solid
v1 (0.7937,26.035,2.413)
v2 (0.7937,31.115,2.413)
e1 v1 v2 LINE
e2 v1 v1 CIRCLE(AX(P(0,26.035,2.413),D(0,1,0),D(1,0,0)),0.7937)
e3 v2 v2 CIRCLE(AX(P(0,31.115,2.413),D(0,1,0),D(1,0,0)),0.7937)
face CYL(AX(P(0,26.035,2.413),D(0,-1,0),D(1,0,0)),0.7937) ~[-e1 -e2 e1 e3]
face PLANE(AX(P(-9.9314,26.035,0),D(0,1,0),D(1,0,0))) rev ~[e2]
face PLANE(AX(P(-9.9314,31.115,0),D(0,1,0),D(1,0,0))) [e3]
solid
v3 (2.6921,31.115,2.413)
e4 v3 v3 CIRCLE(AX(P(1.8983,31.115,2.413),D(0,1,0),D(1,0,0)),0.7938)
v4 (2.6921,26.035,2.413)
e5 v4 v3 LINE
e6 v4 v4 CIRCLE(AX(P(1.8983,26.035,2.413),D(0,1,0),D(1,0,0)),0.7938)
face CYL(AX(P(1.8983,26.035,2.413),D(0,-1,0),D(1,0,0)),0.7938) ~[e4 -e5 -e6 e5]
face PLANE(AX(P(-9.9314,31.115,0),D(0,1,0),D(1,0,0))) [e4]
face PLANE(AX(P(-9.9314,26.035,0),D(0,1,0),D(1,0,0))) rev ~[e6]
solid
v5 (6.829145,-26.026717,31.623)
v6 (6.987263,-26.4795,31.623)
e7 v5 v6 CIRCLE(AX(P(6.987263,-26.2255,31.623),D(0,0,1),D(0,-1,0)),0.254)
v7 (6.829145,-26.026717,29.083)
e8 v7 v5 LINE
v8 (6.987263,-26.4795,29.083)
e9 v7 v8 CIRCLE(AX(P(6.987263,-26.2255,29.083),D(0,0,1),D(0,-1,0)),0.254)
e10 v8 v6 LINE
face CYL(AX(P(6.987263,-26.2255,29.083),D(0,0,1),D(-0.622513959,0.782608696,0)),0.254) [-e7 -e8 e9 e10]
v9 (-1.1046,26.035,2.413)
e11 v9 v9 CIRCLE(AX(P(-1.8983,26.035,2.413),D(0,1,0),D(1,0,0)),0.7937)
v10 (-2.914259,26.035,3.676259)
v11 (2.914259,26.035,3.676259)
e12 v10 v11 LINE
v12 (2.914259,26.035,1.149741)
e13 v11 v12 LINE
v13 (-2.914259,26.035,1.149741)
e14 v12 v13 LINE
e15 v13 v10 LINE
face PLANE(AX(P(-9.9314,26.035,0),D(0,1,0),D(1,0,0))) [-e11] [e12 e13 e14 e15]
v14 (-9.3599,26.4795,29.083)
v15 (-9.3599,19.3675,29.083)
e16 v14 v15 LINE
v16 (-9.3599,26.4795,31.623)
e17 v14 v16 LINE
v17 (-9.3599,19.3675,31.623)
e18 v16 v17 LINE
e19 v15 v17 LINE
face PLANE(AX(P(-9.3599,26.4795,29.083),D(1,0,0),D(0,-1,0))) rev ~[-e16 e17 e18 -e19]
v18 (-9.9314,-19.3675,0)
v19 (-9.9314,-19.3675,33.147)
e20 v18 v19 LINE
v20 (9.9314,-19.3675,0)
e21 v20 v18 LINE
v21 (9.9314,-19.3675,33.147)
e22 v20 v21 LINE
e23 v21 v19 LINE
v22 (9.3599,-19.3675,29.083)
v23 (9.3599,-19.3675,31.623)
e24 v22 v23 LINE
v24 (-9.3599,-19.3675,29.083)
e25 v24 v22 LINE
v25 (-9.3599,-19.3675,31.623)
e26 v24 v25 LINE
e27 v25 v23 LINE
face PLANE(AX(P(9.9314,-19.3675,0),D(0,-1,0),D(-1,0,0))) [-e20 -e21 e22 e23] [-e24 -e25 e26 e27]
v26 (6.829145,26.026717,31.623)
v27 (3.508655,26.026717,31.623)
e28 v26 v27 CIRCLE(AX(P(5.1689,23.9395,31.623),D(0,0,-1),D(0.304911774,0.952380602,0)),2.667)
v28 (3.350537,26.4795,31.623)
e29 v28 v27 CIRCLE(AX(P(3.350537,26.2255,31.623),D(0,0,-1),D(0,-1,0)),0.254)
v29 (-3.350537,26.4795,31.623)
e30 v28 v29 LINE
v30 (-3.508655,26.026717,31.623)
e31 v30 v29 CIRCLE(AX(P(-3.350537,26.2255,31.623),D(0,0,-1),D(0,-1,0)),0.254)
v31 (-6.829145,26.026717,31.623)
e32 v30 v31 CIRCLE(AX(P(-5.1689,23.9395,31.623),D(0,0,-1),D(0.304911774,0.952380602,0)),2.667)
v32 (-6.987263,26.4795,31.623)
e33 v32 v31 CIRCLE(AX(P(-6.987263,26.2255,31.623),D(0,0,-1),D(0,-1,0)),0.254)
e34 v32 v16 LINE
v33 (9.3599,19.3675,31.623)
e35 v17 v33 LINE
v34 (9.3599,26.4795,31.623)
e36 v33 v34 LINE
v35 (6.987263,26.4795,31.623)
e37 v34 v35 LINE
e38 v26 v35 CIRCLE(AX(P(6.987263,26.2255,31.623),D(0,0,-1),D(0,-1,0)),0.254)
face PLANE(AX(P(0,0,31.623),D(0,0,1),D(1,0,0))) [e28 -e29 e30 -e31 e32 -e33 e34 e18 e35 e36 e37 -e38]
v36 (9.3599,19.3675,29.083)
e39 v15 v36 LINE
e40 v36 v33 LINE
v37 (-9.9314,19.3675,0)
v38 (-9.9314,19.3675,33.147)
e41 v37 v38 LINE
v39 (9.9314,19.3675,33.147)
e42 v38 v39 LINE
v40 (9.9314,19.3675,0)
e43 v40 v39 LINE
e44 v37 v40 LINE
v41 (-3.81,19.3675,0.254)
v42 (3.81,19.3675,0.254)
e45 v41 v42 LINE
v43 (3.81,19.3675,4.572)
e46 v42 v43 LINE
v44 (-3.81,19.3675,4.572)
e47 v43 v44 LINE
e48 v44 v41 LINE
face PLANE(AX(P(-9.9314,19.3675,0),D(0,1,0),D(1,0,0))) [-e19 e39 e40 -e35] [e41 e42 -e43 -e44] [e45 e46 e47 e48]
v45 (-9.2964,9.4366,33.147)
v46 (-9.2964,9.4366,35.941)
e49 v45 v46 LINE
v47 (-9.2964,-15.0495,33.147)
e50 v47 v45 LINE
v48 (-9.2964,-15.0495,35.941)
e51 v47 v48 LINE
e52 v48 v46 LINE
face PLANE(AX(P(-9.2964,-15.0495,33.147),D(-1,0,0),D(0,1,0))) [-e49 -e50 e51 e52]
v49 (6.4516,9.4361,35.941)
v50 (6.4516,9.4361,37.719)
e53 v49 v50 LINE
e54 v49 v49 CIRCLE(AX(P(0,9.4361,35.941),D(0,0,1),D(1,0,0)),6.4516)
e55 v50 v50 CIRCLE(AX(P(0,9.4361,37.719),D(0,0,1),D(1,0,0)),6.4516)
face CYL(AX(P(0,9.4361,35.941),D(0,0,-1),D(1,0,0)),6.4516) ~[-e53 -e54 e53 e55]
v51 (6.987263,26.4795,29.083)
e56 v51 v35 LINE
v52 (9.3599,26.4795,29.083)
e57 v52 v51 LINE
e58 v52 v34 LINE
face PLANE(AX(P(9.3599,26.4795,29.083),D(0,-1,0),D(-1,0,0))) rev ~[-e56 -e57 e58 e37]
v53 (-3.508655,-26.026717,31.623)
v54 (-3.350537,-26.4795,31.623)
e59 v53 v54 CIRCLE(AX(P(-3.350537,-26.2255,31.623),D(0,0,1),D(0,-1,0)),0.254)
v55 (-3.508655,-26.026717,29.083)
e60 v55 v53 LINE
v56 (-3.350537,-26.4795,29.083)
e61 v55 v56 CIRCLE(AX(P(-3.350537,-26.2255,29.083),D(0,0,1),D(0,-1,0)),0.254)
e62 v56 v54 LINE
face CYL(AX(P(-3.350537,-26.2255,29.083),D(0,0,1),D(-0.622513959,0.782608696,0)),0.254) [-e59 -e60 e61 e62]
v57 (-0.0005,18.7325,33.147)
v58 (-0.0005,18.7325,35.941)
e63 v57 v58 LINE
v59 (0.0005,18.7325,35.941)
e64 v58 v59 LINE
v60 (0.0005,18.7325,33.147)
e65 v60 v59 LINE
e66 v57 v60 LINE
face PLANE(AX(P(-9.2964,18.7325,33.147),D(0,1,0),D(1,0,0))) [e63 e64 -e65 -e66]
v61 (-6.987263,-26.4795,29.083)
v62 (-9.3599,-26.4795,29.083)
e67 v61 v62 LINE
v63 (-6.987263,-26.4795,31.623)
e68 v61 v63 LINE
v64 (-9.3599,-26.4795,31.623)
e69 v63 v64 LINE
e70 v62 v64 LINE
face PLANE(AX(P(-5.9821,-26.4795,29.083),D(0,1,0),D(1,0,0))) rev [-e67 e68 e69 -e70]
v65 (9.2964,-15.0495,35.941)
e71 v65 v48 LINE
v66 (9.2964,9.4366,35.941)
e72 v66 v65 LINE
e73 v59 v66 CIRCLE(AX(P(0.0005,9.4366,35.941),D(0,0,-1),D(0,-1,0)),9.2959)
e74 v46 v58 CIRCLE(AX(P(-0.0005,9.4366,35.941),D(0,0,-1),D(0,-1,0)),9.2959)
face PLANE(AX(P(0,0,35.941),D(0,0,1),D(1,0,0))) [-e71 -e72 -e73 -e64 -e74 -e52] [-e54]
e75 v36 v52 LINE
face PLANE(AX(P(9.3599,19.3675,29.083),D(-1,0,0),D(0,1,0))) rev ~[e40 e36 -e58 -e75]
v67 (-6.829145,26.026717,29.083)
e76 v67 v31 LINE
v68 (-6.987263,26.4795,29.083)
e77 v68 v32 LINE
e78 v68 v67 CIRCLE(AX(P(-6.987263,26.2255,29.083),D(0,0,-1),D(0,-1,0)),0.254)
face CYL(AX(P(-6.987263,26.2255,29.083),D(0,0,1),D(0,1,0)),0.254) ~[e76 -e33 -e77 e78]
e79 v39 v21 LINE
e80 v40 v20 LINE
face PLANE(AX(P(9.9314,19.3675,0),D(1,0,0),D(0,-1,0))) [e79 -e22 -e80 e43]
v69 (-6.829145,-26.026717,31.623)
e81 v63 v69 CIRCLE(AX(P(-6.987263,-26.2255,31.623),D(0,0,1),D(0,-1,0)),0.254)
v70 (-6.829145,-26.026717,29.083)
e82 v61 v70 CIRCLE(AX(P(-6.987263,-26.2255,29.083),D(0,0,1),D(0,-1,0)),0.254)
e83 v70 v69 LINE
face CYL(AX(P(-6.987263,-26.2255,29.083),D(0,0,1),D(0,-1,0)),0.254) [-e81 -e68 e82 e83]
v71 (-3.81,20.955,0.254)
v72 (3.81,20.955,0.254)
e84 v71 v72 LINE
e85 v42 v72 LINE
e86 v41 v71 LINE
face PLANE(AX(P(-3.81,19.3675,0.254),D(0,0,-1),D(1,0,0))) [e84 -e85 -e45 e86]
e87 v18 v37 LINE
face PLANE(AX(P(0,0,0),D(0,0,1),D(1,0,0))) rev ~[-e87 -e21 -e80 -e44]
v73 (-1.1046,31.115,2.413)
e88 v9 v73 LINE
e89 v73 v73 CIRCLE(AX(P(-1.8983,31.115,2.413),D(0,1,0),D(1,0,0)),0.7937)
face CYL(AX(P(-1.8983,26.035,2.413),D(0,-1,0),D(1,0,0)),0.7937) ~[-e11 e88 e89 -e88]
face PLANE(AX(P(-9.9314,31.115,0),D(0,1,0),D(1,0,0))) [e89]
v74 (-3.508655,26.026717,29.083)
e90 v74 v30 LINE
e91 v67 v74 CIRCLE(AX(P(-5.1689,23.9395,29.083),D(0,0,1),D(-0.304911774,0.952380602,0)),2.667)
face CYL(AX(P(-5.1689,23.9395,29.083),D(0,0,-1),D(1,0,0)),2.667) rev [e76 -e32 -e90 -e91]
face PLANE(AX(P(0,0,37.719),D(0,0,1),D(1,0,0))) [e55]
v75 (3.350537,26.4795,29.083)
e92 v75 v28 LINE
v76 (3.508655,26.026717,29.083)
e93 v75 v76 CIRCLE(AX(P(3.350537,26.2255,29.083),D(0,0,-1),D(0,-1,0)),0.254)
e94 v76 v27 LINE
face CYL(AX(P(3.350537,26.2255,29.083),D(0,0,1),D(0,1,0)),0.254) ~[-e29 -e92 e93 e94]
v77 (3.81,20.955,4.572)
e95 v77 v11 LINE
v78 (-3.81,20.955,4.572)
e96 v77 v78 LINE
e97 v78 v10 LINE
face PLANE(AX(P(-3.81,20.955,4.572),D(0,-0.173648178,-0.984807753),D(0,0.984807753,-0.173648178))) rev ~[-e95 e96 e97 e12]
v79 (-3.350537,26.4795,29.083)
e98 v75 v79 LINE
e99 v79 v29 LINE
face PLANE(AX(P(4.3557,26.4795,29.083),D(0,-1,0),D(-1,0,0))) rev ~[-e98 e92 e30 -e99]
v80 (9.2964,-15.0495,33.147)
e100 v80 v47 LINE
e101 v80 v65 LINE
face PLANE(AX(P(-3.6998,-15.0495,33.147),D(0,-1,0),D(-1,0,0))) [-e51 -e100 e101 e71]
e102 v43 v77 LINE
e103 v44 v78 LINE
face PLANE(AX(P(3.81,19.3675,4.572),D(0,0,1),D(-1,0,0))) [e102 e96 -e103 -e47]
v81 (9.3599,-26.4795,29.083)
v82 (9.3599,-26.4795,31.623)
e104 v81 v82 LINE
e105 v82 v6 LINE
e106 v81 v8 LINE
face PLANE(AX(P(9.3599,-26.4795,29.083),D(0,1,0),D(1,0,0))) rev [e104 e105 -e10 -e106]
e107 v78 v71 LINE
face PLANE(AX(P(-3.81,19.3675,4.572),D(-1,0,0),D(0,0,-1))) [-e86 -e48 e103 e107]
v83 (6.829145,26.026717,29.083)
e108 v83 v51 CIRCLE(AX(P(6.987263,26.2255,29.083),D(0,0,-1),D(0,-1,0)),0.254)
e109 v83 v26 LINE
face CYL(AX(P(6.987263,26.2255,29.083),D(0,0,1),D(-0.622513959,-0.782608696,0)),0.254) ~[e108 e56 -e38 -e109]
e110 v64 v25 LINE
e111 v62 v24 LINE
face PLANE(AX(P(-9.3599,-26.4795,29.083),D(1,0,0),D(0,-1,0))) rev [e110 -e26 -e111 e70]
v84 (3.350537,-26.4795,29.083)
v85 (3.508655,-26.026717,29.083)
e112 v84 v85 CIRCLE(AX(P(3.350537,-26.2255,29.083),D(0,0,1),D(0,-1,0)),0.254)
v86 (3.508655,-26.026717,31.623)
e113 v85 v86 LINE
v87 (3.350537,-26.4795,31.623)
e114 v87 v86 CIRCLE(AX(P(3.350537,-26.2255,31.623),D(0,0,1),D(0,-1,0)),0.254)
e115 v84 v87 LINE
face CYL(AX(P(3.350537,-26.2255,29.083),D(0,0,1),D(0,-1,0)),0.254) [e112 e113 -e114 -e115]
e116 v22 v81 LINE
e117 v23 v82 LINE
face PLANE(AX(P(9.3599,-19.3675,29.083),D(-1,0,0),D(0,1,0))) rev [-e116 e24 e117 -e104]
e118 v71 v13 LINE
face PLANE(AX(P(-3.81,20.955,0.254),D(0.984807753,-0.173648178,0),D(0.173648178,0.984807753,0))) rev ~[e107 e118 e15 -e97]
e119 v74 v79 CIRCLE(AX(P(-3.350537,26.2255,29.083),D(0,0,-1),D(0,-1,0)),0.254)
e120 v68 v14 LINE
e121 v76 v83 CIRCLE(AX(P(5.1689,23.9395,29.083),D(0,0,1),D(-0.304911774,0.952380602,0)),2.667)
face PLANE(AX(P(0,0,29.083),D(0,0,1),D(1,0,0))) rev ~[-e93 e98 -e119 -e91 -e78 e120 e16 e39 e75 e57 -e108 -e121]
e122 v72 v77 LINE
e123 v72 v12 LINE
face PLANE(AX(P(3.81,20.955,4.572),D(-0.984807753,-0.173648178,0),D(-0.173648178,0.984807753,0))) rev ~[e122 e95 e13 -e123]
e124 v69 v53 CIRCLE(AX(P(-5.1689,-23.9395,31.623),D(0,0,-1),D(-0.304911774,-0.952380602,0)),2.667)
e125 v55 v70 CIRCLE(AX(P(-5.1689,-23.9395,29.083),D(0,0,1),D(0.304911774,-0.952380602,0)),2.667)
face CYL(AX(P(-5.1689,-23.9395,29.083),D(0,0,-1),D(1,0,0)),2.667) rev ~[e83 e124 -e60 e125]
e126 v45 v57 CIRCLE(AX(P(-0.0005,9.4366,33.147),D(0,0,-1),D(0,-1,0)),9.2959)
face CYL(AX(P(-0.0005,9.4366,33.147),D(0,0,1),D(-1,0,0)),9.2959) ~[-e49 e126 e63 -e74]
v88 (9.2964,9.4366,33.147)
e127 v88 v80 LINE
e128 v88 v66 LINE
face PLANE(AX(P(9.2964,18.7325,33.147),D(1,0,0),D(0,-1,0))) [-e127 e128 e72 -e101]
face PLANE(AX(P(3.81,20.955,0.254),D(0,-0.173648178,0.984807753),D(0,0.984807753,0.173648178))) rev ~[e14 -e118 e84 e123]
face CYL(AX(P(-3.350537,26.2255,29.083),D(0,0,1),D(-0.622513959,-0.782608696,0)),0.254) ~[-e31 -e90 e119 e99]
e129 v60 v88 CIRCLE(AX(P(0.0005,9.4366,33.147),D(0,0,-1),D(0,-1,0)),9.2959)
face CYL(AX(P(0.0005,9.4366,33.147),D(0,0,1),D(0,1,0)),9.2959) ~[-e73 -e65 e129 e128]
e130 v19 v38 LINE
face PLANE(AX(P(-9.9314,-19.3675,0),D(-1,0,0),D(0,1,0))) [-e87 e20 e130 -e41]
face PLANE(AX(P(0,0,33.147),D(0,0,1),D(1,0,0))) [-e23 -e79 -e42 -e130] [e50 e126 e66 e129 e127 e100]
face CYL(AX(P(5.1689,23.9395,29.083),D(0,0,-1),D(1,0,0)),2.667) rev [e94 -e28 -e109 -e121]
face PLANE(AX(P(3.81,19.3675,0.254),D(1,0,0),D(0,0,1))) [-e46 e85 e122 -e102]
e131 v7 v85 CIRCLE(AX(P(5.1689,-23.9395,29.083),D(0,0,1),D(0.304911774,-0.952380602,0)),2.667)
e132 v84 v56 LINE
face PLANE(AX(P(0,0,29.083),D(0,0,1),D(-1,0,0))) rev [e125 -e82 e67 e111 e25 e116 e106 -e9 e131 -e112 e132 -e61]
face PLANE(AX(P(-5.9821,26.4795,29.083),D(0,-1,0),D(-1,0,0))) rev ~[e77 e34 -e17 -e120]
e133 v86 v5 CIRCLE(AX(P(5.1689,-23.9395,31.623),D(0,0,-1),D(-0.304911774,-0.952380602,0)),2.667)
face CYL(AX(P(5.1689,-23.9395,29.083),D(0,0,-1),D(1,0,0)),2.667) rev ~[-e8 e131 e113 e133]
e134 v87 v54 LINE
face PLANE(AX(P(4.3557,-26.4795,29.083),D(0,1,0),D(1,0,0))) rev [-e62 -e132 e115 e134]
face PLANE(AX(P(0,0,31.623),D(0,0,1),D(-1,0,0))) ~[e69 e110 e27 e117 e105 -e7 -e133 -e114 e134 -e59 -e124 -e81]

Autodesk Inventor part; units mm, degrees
ref_plane "YZ Plane" through (0, 0, 0) normal (1, 0, 0) x (0, 1, 0)
ref_plane "XZ Plane" through (0, 0, 0) normal (0, 1, 0) x (-1, 0, 0)
sketch "Hole Pattern 4" plane through (0, 0, 0) normal (0, 0, 1) x (1, 0, 0)
  circle A0 centre (-145.7144, 104.3642) radius 4
  circle A1 centre (-145.7144, 104.3642) radius 8 construction
  circle A2 centre (-145.7144, 112.3642) radius 1.85
  circle A3 centre (-145.7144, 96.3642) radius 1.85
  circle A4 centre (-153.7144, 104.3642) radius 1.85
  circle A5 centre (-137.7144, 104.3642) radius 1.85
  circle A6 centre (-145.7144, 120.3642) radius 4
  circle A7 centre (-145.7144, 88.3642) radius 4
  point P0 (-145.7144, 107.7928)
  dimension "d140" = 16
  dimension "d141" = 3.7
  dimension "d142" = 16
  dimension "d143" = 16
  dimension "d144" = 8
sketch "Sketch1" plane through (0, 0, 0) normal (0, 0, 1) x (1, 0, 0)
  line L0 (-9.9314, 19.3675) -> (9.9314, 19.3675)
  line L1 (9.9314, 19.3675) -> (9.9314, -19.3675)
  line L2 (9.9314, -19.3675) -> (-9.9314, -19.3675)
  line L3 (-9.9314, -19.3675) -> (-9.9314, 19.3675)
  point P0 (0, 0)
  point P1 (-9.9314, 0)
  point P2 (0, 19.3675)
  dimension "d0" = 19.8628
  dimension "d1" = 38.735
extrude "Extrusion1" add sketch "Sketch1" along normal blind 33.147
sketch "Sketch2" plane through (0, 0, 33.147) normal (0, 0, 1) x (1, 0, 0)
  line L0 (9.9314, 19.3675) -> (-9.9314, 19.3675) projected
  line L1 (-9.9314, 19.3675) -> (-9.9314, -19.3675) projected
  line L2 (-9.9314, -19.3675) -> (9.9314, -19.3675) projected
  line L3 (-9.2964, 18.7325) -> (9.2964, 18.7325)
  line L4 (9.2964, 18.7325) -> (9.2964, -15.0495)
  line L5 (9.2964, -15.0495) -> (-9.2964, -15.0495)
  line L6 (-9.2964, -15.0495) -> (-9.2964, 18.7325)
  arc A0 (-3.6998, -15.0495) -> (3.6998, -15.0495) centre (0, -10.9617) ccw
  point P0 (0, 0)
  point P1 (0, 18.7325)
  dimension "d4" = 0.635
  dimension "d5" = 0.635
  dimension "d6" = 4.318
extrude "Extrusion2" add sketch "Sketch2" along normal blind 2.794 contours L3 L4 L5 L6
sketch "Sketch3" plane through (0, 0, 35.941) normal (0, 0, 1) x (1, 0, 0)
  circle A0 centre (0, 9.4361) radius 6.4516
  line L0 (9.9314, 19.3675) -> (-9.9314, 19.3675) projected
  point P0 (0, 0)
  dimension "d9" = 12.9032
  dimension "d11" = 9.9314
extrude "Extrusion3" add sketch "Sketch3" along normal blind 1.778
fillet "Fillet1" radius 9.2964 2 edges at (9.2964, 18.7325, 34.544) (-9.2964, 18.7325, 34.544)
ref_plane "Work Plane1" through (0, 0, 29.083) normal (0, 0, 1) x (1, 0, 0)
sketch "Sketch4" plane through (0, 0, 29.083) normal (0, 0, 1) x (1, 0, 0)
  line L0 (9.9314, 19.3675) -> (9.9314, -19.3675) projected
  line L1 (9.9314, -19.3675) -> (-9.9314, -19.3675) projected
  line L2 (-9.9314, -19.3675) -> (-9.9314, 19.3675) projected
  line L3 (-9.9314, 19.3675) -> (9.9314, 19.3675) projected
  line L4 (-9.3599, 19.3675) -> (9.3599, 19.3675)
  line L5 (9.3599, 19.3675) -> (9.3599, 26.4795)
  line L6 (-9.3599, 26.4795) -> (-9.3599, 19.3675)
  circle A0 centre (-5.1689, 23.9395) radius 2.667
  circle A1 centre (5.1689, 23.9395) radius 2.667
  line L7 (-5.9821, 26.4795) -> (-9.3599, 26.4795)
  line L8 (9.3599, 26.4795) -> (5.9821, 26.4795)
  line L9 (4.3557, 26.4795) -> (-4.3557, 26.4795)
  point P0 (0, 0)
  point P1 (0, 26.4795)
  dimension "d16" = 18.7198
  dimension "d18" = 7.112
  dimension "d20" = 5.334
  dimension "d21" = 4.191
  dimension "d22" = 4.191
extrude "Extrusion4" add sketch "Sketch4" along normal blind 2.54 contours L3 L6 L7 A0 L9 A1 L8 L5
fillet "Fillet2" radius 0.254 4 edges at (-5.9821, 26.4795, 30.353) (-4.3557, 26.4795, 30.353) (4.3557, 26.4795, 30.353) (5.9821, 26.4795, 30.353)
mirror "Mirror1" about plane through (0, 0, 0) normal (0, 1, 0) of "Extrusion4", "Fillet2"
sketch "Sketch5" plane through (-9.9314, 19.3675, 0) normal (0, 1, 0) x (1, 0, 0)
  line L0 (0, 0) -> (19.8628, 0) projected
  line L1 (6.1214, -0.254) -> (13.7414, -0.254)
  line L2 (13.7414, -0.254) -> (13.7414, -4.572)
  line L3 (13.7414, -4.572) -> (6.1214, -4.572)
  line L4 (6.1214, -4.572) -> (6.1214, -0.254)
  point P0 (9.9314, 0)
  point P1 (9.9314, -0.254)
  point P2 (9.9314, 0)
  dimension "d26" = 7.62
  dimension "d27" = 4.318
  dimension "d28" = 0.254
extrude "Extrusion5" add sketch "Sketch5" along normal blind 1.5875
sketch "Sketch6" plane through (-9.9314, 20.955, 0) normal (0, 1, 0) x (1, 0, 0)
  line L0 (13.7414, -0.254) -> (6.1214, -0.254) projected
  line L1 (6.1214, -0.254) -> (6.1214, -4.572) projected
  line L2 (6.1214, -4.572) -> (13.7414, -4.572) projected
  line L3 (13.7414, -4.572) -> (13.7414, -0.254) projected
  point P0 (9.9314, 0)
extrude "Extrusion6" add sketch "Sketch6" along normal blind 5.08 draft -10
sketch "Sketch7" plane through (-9.9314, 26.035, 0) normal (0, 1, 0) x (1, 0, 0)
  circle A0 centre (9.9314, -2.413) radius 0.7937
  point P0 (9.9314, 0)
  dimension "d33" = 1.5875
extrude "Extrusion7" add sketch "Sketch7" along normal blind 5.08 separate body
sketch "Sketch8" plane through (-9.9314, 26.035, 0) normal (0, 1, 0) x (1, 0, 0)
  line L0 (7.0171, -3.6763) -> (7.0171, -1.1497) projected
  circle A0 centre (8.0331, -2.413) radius 0.7937
  point P0 (9.9314, 0)
  dimension "d36" = 1.5875
  dimension "d37" = 1.016
extrude "Extrusion8" add sketch "Sketch8" along normal blind 5.08 bodies 1
sketch "Sketch9" plane through (-9.9314, 26.035, 0) normal (0, 1, 0) x (1, 0, 0)
  line L0 (12.8457, -1.1497) -> (12.8457, -3.6763) projected
  circle A0 centre (11.8297, -2.413) radius 0.7938
  point P0 (9.9314, 0)
  dimension "d40" = 1.5875
  dimension "d41" = 1.016
extrude "Extrusion9" add sketch "Sketch9" along normal blind 5.08 separate body
equation "\"d5\" = d4"
equation "\"d22\" = d21"
properties part number "Tetrix 180 Servo"
